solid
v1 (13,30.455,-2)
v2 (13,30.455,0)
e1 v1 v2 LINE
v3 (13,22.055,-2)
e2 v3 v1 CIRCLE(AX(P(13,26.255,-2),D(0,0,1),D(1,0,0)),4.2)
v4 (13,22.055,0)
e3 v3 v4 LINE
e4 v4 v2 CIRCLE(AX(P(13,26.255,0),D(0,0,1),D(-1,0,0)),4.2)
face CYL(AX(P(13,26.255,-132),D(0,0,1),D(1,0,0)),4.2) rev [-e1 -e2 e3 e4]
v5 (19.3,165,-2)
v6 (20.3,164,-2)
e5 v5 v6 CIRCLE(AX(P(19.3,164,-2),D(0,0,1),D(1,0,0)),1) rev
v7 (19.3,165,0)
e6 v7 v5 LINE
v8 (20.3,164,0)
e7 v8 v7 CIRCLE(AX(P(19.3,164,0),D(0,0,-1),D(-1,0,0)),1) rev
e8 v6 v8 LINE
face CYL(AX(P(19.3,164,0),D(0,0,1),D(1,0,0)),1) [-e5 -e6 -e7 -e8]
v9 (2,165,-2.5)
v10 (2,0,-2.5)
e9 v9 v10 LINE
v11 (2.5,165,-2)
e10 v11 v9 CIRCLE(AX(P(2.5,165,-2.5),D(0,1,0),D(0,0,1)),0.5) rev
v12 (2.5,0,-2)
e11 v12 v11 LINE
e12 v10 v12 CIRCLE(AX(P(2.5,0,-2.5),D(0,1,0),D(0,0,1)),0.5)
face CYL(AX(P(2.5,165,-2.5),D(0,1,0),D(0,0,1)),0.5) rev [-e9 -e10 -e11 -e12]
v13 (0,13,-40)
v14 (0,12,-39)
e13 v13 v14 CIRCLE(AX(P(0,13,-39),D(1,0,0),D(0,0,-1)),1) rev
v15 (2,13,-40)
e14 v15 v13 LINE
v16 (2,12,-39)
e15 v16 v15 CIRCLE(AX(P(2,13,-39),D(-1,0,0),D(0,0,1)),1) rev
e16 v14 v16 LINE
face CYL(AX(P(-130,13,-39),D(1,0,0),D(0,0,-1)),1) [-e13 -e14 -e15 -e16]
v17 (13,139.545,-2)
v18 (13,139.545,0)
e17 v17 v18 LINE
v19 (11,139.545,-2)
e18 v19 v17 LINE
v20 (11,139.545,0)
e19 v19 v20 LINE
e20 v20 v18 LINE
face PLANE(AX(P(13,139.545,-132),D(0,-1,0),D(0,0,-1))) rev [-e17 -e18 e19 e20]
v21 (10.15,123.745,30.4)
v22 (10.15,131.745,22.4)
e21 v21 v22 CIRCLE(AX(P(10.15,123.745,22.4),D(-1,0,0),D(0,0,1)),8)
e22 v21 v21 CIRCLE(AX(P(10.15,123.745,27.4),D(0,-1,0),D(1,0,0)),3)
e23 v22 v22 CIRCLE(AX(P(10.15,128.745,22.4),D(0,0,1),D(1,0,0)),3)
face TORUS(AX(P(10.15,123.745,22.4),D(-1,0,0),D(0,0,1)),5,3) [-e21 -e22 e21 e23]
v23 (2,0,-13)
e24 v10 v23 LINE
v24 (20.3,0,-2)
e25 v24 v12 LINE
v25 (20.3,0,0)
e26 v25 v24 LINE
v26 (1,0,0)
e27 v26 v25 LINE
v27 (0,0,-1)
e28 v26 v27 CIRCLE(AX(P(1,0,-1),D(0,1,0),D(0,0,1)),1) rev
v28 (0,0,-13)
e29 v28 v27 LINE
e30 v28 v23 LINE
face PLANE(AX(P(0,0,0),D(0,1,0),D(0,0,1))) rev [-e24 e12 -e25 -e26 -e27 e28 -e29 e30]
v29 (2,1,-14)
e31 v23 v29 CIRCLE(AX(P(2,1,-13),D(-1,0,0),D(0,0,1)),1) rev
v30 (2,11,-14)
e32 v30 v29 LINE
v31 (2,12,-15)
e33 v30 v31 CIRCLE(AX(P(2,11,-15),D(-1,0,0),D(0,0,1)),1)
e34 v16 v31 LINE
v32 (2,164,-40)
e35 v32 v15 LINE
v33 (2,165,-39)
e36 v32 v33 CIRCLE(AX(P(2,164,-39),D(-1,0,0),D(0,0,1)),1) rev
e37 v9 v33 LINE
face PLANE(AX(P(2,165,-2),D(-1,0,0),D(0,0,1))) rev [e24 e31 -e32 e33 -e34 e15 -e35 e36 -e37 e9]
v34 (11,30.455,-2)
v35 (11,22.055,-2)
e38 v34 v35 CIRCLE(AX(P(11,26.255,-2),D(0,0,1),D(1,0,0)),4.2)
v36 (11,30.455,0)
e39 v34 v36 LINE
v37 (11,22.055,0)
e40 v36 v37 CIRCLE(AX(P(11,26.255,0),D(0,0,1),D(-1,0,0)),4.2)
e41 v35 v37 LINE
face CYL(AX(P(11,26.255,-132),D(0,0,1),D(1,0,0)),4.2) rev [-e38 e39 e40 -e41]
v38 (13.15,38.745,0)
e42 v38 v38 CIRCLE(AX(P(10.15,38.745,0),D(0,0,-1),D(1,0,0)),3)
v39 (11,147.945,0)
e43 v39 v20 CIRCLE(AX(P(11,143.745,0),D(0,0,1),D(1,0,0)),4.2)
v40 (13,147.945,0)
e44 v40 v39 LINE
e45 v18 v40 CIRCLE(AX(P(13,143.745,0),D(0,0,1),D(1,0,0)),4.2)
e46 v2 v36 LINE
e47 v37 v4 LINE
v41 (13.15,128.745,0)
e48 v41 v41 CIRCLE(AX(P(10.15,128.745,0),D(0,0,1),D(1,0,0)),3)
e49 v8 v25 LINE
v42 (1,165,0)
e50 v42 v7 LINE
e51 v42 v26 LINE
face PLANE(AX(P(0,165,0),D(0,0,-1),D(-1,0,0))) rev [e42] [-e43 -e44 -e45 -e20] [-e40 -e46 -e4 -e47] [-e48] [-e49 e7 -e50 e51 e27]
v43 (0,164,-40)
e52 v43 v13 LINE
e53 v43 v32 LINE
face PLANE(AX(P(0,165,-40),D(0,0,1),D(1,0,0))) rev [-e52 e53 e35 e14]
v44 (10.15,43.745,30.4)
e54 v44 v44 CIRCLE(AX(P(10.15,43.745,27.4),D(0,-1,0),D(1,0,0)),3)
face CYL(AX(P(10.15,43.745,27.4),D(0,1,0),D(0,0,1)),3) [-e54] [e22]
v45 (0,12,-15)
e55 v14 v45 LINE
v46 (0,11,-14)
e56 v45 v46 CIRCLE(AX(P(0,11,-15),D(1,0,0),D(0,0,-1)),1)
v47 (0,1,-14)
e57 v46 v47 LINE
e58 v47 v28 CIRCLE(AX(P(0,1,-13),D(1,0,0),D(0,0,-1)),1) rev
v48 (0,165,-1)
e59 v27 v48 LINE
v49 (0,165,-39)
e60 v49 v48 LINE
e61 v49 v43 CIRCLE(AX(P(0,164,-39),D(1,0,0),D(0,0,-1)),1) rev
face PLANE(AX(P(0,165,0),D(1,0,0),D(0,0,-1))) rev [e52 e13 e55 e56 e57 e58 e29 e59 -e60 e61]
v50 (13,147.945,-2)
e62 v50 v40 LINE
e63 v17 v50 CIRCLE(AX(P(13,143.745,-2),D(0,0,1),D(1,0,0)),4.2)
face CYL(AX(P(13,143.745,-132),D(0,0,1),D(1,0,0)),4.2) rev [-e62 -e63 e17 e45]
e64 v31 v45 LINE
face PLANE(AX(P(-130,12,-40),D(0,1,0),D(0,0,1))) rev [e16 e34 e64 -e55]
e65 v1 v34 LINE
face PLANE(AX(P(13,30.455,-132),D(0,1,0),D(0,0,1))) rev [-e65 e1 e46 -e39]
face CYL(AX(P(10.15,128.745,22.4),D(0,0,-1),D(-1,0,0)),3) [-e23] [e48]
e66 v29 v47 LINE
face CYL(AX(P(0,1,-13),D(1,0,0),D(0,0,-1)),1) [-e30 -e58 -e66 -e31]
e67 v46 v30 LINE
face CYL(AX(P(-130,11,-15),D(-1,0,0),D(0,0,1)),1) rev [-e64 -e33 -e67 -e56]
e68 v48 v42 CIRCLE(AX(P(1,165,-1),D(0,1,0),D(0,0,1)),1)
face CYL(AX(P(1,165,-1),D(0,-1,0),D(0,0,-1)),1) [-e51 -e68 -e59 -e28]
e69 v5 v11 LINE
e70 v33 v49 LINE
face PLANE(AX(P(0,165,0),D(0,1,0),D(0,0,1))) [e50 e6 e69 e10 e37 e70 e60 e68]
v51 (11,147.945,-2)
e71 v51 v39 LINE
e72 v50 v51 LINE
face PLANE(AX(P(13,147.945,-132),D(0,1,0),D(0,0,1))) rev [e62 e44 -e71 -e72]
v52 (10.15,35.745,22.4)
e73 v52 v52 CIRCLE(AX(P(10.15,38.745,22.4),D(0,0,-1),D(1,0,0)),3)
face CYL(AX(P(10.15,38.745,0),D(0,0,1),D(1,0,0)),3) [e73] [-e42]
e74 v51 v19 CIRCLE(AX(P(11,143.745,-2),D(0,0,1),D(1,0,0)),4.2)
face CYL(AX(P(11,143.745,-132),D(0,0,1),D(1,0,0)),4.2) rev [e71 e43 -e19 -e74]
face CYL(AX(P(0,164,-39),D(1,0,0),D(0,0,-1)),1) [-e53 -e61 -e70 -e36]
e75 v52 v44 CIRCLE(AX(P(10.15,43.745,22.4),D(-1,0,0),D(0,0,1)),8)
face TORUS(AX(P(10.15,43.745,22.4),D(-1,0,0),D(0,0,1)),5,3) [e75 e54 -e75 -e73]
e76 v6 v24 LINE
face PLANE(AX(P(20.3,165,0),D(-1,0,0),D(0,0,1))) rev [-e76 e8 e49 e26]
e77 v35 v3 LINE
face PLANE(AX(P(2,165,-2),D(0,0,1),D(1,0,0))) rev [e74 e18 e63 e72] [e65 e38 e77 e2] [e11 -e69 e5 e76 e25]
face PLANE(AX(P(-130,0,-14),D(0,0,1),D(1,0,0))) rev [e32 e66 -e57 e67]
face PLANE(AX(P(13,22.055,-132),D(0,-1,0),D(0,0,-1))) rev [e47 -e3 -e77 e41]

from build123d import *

# Parameters (mm, degrees)
BOSS_EXTRUDE1_DEPTH = 165
CUT_EXTRUDE1_DEPTH  = 132
SKETCH5_R           = 3
SKETCH6_W           = 26
SKETCH6_H           = 12
CUT_EXTRUDE2_DEPTH  = 132
FILLET1_R           = 1
FILLET2_R           = 0.5


with BuildPart() as part:
    # Sketch1 → Boss-Extrude1 (new body)
    with BuildSketch(Plane(origin=(0, 0, 0), x_dir=(1, 0, 0), z_dir=(0, 1, 0))):
        Polygon((0, 0), (0, 40), (2, 40), (2, 2), (20.3, 2), (20.3, 0), align=None)
    extrude(amount=BOSS_EXTRUDE1_DEPTH)

    # Sketch2 → Cut-Extrude1 (cut)
    with BuildSketch(Plane.XY):
        with BuildLine():
            Line((13, 139.545), (11, 139.545))
            ThreePointArc((11, 139.545), (6.8, 143.745), (11, 147.945))
            Line((11, 147.945), (13, 147.945))
            ThreePointArc((13, 147.945), (17.2, 143.745), (13, 139.545))
        make_face()
        with BuildLine():
            Line((13, 30.455), (11, 30.455))
            ThreePointArc((11, 30.455), (6.8, 26.255), (11, 22.055))
            Line((11, 22.055), (13, 22.055))
            ThreePointArc((13, 22.055), (17.2, 26.255), (13, 30.455))
        make_face()
    extrude(amount=-CUT_EXTRUDE1_DEPTH, mode=Mode.SUBTRACT)

    # Sweep1: sweep along a path in Sketch4
    with BuildLine(Plane(origin=(10.15, 0, 0), x_dir=(0, 0, -1), z_dir=(1, 0, 0))) as sweep1_path:
        Line((0, 128.745), (-22.4, 128.745))
        ThreePointArc((-22.4, 128.745), (-25.935533906, 127.280533906), (-27.4, 123.745))
        Line((-27.4, 123.745), (-27.4, 43.745))
        ThreePointArc((-27.4, 43.745), (-25.935533906, 40.209466094), (-22.4, 38.745))
        Line((-22.4, 38.745), (0, 38.745))
    # Sketch5 → Sweep1 (sweep)
    with BuildSketch(Plane.XY):
        with Locations((10.15, 128.745)):
            Circle(SKETCH5_R)
    sweep(path=sweep1_path.line)

    # Sketch6 → Cut-Extrude2 (cut)
    with BuildSketch(Plane(origin=(2, 0, 0), x_dir=(0, 0, -1), z_dir=(1, 0, 0))):
        with Locations((27, 6)):
            Rectangle(SKETCH6_W, SKETCH6_H)
    extrude(amount=-CUT_EXTRUDE2_DEPTH, mode=Mode.SUBTRACT)

    # Fillet1
    fillet1_edges = [part.edges().sort_by_distance(p)[0] for p in [
        (0, 82.5, 0),
        (1, 165, -40),
        (1, 0, -14),
        (20.3, 165, -1),
        (1, 12, -14),
        (1, 12, -40),
    ]]
    fillet(fillet1_edges, radius=FILLET1_R)

    # Fillet2
    fillet2_edges = [part.edges().sort_by_distance(p)[0] for p in [
        (2, 82.5, -2),
    ]]
    fillet(fillet2_edges, radius=FILLET2_R)


solid = part.part
